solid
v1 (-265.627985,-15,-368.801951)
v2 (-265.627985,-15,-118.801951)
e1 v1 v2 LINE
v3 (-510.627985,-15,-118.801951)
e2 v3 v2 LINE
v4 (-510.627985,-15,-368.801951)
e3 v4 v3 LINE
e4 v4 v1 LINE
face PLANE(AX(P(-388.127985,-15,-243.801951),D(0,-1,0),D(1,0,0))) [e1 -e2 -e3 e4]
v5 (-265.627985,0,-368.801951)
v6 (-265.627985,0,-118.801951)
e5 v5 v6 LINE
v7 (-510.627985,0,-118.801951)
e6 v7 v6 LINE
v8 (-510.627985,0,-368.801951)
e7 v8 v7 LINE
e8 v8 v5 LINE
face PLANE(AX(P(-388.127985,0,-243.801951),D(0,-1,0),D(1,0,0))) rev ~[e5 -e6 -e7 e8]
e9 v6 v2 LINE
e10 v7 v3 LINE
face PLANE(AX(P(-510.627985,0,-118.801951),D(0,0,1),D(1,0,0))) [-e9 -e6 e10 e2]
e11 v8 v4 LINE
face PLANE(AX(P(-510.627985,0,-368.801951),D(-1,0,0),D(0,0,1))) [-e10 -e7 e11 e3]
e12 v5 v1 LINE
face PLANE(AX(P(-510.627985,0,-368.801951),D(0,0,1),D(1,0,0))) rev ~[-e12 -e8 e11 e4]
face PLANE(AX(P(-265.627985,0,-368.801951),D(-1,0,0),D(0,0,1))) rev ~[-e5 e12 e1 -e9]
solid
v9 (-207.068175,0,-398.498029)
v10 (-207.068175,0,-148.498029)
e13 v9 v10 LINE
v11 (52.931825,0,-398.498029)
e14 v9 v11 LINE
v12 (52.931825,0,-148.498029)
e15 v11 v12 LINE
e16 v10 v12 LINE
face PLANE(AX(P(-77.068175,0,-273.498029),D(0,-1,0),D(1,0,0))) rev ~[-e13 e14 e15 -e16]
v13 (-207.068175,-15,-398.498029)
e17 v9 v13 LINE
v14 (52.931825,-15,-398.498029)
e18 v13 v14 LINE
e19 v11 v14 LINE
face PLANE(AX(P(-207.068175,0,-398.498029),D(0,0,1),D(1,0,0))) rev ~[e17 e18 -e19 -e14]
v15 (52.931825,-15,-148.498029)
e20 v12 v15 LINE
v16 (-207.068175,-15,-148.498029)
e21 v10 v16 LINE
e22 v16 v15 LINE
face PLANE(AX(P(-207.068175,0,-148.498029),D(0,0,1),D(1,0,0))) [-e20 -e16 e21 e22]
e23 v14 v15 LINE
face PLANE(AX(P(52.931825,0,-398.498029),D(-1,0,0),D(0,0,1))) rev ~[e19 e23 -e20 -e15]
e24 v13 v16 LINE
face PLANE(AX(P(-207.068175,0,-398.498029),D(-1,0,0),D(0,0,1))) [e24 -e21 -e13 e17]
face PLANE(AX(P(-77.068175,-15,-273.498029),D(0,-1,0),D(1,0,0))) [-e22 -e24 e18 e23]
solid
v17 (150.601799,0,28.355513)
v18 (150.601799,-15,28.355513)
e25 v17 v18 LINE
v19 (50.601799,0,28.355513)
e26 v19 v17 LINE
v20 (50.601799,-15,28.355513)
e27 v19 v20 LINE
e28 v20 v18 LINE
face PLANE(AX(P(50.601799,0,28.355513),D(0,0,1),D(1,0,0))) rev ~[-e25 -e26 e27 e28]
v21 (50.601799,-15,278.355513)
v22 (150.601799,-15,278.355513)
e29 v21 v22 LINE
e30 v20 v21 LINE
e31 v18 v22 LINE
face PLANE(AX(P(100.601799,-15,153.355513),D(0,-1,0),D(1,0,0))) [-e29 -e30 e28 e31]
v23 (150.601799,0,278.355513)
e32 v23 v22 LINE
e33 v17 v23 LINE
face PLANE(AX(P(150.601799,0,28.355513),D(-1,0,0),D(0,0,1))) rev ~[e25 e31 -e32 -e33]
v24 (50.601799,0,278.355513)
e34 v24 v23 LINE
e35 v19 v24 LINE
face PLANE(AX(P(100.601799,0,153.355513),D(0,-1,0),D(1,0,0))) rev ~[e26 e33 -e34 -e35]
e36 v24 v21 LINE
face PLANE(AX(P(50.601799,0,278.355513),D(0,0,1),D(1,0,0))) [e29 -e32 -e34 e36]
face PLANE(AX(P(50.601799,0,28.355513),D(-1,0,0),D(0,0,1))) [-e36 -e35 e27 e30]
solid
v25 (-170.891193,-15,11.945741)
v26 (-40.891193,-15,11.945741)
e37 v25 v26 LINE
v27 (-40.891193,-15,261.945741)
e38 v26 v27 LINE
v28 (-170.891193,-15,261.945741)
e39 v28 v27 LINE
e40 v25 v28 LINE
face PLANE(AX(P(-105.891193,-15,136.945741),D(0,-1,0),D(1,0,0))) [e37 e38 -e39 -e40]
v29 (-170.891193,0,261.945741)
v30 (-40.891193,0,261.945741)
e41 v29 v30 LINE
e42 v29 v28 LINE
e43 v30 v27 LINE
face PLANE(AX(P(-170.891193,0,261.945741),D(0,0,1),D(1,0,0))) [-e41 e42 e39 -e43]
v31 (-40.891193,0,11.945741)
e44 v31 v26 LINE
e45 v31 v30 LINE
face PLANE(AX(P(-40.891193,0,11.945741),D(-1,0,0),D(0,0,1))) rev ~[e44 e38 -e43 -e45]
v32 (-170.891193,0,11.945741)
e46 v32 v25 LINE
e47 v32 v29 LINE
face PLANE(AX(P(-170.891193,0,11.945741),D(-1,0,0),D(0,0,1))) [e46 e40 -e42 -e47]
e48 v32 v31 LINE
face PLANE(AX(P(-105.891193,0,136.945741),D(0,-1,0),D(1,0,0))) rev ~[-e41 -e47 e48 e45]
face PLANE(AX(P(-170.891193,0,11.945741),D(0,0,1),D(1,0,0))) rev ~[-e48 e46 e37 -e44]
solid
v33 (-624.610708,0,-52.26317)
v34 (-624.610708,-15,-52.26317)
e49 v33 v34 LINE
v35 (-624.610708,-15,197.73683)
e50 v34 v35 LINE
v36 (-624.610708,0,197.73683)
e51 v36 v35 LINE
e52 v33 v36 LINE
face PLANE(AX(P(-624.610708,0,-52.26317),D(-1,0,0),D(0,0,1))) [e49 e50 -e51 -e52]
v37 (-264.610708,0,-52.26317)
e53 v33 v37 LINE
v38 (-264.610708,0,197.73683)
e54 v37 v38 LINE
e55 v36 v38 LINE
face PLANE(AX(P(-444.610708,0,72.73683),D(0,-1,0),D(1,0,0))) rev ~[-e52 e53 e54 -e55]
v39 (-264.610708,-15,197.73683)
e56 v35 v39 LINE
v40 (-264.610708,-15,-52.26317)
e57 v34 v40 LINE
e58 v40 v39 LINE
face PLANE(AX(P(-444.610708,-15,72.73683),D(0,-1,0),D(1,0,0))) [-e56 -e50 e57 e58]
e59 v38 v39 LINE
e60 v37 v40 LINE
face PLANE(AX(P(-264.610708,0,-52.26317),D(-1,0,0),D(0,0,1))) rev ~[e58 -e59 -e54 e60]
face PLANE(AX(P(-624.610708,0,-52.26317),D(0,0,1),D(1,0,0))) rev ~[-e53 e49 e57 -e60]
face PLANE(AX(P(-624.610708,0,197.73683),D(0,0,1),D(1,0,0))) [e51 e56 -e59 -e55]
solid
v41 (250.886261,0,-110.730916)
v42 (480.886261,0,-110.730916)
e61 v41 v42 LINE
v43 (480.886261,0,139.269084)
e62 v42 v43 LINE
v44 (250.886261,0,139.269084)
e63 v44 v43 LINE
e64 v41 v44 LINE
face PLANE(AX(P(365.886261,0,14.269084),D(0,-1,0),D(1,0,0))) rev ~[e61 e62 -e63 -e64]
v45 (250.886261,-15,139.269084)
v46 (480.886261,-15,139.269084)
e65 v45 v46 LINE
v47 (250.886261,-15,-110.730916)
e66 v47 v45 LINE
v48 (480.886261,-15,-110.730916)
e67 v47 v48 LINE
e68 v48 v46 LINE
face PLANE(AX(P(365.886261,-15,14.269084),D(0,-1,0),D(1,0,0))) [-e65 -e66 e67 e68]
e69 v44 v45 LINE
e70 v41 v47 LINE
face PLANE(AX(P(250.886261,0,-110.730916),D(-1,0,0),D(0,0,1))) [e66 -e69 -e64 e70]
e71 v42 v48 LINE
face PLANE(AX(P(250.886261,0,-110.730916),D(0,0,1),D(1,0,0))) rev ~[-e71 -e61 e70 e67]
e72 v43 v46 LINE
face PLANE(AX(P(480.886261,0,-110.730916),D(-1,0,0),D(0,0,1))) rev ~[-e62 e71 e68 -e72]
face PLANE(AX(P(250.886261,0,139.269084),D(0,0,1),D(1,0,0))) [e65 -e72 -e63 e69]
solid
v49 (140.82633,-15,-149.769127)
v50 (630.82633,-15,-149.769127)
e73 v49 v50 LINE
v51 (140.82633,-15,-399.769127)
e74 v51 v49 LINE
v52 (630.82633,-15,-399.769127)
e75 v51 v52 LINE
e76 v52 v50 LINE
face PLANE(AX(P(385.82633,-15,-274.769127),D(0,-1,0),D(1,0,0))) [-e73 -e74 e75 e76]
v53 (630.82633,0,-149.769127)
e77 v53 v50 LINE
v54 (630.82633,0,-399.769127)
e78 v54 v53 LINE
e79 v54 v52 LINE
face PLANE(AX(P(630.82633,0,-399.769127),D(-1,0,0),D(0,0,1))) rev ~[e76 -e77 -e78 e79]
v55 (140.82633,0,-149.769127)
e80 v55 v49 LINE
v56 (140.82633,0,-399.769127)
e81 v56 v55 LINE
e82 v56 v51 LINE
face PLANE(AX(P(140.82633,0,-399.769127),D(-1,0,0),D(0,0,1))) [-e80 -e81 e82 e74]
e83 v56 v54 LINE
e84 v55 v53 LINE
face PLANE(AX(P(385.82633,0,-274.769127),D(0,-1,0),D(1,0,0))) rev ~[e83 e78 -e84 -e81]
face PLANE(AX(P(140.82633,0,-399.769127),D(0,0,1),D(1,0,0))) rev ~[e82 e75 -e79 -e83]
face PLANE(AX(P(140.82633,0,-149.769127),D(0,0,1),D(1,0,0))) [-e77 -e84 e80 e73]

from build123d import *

# Parameters (mm, degrees)
F0_W     = 360
F0_H     = 250
F1_DEPTH = 15
F0_W_2   = 130
F2_DEPTH = 15
F0_W_3   = 100
F3_DEPTH = 15
F0_W_4   = 230
F4_DEPTH = 15
F0_W_5   = 245
F5_DEPTH = 15
F0_W_6   = 260
F6_DEPTH = 15
F0_W_7   = 490
F7_DEPTH = 15


with BuildPart() as f1:
    # F0 (on Front) → F1 (new body)
    with BuildSketch(Plane.XZ):
        with Locations((-444.610708, 72.73683)):
            Rectangle(F0_W, F0_H)
    extrude(amount=F1_DEPTH)


with BuildPart() as f2:
    # F0 (on Front) → F2 (new body)
    with BuildSketch(Plane.XZ):
        with Locations((-105.891193, 136.945741)):
            Rectangle(F0_W_2, F0_H)
    extrude(amount=F2_DEPTH)


with BuildPart() as f3:
    # F0 (on Front) → F3 (new body)
    with BuildSketch(Plane.XZ):
        with Locations((100.601799, 153.355513)):
            Rectangle(F0_W_3, F0_H)
    extrude(amount=F3_DEPTH)


with BuildPart() as f4:
    # F0 (on Front) → F4 (new body)
    with BuildSketch(Plane.XZ):
        with Locations((365.886261, 14.269084)):
            Rectangle(F0_W_4, F0_H)
    extrude(amount=F4_DEPTH)


with BuildPart() as f5:
    # F0 (on Front) → F5 (new body)
    with BuildSketch(Plane.XZ):
        with Locations((-388.127985, -243.801951)):
            Rectangle(F0_W_5, F0_H)
    extrude(amount=F5_DEPTH)


with BuildPart() as f6:
    # F0 (on Front) → F6 (new body)
    with BuildSketch(Plane.XZ):
        with Locations((-77.068175, -273.498029)):
            Rectangle(F0_W_6, F0_H)
    extrude(amount=F6_DEPTH)


with BuildPart() as f7:
    # F0 (on Front) → F7 (new body)
    with BuildSketch(Plane.XZ):
        with Locations((385.82633, -274.769127)):
            Rectangle(F0_W_7, F0_H)
    extrude(amount=F7_DEPTH)


solid = Compound([f1.part, f2.part, f3.part, f4.part, f5.part, f6.part, f7.part])
